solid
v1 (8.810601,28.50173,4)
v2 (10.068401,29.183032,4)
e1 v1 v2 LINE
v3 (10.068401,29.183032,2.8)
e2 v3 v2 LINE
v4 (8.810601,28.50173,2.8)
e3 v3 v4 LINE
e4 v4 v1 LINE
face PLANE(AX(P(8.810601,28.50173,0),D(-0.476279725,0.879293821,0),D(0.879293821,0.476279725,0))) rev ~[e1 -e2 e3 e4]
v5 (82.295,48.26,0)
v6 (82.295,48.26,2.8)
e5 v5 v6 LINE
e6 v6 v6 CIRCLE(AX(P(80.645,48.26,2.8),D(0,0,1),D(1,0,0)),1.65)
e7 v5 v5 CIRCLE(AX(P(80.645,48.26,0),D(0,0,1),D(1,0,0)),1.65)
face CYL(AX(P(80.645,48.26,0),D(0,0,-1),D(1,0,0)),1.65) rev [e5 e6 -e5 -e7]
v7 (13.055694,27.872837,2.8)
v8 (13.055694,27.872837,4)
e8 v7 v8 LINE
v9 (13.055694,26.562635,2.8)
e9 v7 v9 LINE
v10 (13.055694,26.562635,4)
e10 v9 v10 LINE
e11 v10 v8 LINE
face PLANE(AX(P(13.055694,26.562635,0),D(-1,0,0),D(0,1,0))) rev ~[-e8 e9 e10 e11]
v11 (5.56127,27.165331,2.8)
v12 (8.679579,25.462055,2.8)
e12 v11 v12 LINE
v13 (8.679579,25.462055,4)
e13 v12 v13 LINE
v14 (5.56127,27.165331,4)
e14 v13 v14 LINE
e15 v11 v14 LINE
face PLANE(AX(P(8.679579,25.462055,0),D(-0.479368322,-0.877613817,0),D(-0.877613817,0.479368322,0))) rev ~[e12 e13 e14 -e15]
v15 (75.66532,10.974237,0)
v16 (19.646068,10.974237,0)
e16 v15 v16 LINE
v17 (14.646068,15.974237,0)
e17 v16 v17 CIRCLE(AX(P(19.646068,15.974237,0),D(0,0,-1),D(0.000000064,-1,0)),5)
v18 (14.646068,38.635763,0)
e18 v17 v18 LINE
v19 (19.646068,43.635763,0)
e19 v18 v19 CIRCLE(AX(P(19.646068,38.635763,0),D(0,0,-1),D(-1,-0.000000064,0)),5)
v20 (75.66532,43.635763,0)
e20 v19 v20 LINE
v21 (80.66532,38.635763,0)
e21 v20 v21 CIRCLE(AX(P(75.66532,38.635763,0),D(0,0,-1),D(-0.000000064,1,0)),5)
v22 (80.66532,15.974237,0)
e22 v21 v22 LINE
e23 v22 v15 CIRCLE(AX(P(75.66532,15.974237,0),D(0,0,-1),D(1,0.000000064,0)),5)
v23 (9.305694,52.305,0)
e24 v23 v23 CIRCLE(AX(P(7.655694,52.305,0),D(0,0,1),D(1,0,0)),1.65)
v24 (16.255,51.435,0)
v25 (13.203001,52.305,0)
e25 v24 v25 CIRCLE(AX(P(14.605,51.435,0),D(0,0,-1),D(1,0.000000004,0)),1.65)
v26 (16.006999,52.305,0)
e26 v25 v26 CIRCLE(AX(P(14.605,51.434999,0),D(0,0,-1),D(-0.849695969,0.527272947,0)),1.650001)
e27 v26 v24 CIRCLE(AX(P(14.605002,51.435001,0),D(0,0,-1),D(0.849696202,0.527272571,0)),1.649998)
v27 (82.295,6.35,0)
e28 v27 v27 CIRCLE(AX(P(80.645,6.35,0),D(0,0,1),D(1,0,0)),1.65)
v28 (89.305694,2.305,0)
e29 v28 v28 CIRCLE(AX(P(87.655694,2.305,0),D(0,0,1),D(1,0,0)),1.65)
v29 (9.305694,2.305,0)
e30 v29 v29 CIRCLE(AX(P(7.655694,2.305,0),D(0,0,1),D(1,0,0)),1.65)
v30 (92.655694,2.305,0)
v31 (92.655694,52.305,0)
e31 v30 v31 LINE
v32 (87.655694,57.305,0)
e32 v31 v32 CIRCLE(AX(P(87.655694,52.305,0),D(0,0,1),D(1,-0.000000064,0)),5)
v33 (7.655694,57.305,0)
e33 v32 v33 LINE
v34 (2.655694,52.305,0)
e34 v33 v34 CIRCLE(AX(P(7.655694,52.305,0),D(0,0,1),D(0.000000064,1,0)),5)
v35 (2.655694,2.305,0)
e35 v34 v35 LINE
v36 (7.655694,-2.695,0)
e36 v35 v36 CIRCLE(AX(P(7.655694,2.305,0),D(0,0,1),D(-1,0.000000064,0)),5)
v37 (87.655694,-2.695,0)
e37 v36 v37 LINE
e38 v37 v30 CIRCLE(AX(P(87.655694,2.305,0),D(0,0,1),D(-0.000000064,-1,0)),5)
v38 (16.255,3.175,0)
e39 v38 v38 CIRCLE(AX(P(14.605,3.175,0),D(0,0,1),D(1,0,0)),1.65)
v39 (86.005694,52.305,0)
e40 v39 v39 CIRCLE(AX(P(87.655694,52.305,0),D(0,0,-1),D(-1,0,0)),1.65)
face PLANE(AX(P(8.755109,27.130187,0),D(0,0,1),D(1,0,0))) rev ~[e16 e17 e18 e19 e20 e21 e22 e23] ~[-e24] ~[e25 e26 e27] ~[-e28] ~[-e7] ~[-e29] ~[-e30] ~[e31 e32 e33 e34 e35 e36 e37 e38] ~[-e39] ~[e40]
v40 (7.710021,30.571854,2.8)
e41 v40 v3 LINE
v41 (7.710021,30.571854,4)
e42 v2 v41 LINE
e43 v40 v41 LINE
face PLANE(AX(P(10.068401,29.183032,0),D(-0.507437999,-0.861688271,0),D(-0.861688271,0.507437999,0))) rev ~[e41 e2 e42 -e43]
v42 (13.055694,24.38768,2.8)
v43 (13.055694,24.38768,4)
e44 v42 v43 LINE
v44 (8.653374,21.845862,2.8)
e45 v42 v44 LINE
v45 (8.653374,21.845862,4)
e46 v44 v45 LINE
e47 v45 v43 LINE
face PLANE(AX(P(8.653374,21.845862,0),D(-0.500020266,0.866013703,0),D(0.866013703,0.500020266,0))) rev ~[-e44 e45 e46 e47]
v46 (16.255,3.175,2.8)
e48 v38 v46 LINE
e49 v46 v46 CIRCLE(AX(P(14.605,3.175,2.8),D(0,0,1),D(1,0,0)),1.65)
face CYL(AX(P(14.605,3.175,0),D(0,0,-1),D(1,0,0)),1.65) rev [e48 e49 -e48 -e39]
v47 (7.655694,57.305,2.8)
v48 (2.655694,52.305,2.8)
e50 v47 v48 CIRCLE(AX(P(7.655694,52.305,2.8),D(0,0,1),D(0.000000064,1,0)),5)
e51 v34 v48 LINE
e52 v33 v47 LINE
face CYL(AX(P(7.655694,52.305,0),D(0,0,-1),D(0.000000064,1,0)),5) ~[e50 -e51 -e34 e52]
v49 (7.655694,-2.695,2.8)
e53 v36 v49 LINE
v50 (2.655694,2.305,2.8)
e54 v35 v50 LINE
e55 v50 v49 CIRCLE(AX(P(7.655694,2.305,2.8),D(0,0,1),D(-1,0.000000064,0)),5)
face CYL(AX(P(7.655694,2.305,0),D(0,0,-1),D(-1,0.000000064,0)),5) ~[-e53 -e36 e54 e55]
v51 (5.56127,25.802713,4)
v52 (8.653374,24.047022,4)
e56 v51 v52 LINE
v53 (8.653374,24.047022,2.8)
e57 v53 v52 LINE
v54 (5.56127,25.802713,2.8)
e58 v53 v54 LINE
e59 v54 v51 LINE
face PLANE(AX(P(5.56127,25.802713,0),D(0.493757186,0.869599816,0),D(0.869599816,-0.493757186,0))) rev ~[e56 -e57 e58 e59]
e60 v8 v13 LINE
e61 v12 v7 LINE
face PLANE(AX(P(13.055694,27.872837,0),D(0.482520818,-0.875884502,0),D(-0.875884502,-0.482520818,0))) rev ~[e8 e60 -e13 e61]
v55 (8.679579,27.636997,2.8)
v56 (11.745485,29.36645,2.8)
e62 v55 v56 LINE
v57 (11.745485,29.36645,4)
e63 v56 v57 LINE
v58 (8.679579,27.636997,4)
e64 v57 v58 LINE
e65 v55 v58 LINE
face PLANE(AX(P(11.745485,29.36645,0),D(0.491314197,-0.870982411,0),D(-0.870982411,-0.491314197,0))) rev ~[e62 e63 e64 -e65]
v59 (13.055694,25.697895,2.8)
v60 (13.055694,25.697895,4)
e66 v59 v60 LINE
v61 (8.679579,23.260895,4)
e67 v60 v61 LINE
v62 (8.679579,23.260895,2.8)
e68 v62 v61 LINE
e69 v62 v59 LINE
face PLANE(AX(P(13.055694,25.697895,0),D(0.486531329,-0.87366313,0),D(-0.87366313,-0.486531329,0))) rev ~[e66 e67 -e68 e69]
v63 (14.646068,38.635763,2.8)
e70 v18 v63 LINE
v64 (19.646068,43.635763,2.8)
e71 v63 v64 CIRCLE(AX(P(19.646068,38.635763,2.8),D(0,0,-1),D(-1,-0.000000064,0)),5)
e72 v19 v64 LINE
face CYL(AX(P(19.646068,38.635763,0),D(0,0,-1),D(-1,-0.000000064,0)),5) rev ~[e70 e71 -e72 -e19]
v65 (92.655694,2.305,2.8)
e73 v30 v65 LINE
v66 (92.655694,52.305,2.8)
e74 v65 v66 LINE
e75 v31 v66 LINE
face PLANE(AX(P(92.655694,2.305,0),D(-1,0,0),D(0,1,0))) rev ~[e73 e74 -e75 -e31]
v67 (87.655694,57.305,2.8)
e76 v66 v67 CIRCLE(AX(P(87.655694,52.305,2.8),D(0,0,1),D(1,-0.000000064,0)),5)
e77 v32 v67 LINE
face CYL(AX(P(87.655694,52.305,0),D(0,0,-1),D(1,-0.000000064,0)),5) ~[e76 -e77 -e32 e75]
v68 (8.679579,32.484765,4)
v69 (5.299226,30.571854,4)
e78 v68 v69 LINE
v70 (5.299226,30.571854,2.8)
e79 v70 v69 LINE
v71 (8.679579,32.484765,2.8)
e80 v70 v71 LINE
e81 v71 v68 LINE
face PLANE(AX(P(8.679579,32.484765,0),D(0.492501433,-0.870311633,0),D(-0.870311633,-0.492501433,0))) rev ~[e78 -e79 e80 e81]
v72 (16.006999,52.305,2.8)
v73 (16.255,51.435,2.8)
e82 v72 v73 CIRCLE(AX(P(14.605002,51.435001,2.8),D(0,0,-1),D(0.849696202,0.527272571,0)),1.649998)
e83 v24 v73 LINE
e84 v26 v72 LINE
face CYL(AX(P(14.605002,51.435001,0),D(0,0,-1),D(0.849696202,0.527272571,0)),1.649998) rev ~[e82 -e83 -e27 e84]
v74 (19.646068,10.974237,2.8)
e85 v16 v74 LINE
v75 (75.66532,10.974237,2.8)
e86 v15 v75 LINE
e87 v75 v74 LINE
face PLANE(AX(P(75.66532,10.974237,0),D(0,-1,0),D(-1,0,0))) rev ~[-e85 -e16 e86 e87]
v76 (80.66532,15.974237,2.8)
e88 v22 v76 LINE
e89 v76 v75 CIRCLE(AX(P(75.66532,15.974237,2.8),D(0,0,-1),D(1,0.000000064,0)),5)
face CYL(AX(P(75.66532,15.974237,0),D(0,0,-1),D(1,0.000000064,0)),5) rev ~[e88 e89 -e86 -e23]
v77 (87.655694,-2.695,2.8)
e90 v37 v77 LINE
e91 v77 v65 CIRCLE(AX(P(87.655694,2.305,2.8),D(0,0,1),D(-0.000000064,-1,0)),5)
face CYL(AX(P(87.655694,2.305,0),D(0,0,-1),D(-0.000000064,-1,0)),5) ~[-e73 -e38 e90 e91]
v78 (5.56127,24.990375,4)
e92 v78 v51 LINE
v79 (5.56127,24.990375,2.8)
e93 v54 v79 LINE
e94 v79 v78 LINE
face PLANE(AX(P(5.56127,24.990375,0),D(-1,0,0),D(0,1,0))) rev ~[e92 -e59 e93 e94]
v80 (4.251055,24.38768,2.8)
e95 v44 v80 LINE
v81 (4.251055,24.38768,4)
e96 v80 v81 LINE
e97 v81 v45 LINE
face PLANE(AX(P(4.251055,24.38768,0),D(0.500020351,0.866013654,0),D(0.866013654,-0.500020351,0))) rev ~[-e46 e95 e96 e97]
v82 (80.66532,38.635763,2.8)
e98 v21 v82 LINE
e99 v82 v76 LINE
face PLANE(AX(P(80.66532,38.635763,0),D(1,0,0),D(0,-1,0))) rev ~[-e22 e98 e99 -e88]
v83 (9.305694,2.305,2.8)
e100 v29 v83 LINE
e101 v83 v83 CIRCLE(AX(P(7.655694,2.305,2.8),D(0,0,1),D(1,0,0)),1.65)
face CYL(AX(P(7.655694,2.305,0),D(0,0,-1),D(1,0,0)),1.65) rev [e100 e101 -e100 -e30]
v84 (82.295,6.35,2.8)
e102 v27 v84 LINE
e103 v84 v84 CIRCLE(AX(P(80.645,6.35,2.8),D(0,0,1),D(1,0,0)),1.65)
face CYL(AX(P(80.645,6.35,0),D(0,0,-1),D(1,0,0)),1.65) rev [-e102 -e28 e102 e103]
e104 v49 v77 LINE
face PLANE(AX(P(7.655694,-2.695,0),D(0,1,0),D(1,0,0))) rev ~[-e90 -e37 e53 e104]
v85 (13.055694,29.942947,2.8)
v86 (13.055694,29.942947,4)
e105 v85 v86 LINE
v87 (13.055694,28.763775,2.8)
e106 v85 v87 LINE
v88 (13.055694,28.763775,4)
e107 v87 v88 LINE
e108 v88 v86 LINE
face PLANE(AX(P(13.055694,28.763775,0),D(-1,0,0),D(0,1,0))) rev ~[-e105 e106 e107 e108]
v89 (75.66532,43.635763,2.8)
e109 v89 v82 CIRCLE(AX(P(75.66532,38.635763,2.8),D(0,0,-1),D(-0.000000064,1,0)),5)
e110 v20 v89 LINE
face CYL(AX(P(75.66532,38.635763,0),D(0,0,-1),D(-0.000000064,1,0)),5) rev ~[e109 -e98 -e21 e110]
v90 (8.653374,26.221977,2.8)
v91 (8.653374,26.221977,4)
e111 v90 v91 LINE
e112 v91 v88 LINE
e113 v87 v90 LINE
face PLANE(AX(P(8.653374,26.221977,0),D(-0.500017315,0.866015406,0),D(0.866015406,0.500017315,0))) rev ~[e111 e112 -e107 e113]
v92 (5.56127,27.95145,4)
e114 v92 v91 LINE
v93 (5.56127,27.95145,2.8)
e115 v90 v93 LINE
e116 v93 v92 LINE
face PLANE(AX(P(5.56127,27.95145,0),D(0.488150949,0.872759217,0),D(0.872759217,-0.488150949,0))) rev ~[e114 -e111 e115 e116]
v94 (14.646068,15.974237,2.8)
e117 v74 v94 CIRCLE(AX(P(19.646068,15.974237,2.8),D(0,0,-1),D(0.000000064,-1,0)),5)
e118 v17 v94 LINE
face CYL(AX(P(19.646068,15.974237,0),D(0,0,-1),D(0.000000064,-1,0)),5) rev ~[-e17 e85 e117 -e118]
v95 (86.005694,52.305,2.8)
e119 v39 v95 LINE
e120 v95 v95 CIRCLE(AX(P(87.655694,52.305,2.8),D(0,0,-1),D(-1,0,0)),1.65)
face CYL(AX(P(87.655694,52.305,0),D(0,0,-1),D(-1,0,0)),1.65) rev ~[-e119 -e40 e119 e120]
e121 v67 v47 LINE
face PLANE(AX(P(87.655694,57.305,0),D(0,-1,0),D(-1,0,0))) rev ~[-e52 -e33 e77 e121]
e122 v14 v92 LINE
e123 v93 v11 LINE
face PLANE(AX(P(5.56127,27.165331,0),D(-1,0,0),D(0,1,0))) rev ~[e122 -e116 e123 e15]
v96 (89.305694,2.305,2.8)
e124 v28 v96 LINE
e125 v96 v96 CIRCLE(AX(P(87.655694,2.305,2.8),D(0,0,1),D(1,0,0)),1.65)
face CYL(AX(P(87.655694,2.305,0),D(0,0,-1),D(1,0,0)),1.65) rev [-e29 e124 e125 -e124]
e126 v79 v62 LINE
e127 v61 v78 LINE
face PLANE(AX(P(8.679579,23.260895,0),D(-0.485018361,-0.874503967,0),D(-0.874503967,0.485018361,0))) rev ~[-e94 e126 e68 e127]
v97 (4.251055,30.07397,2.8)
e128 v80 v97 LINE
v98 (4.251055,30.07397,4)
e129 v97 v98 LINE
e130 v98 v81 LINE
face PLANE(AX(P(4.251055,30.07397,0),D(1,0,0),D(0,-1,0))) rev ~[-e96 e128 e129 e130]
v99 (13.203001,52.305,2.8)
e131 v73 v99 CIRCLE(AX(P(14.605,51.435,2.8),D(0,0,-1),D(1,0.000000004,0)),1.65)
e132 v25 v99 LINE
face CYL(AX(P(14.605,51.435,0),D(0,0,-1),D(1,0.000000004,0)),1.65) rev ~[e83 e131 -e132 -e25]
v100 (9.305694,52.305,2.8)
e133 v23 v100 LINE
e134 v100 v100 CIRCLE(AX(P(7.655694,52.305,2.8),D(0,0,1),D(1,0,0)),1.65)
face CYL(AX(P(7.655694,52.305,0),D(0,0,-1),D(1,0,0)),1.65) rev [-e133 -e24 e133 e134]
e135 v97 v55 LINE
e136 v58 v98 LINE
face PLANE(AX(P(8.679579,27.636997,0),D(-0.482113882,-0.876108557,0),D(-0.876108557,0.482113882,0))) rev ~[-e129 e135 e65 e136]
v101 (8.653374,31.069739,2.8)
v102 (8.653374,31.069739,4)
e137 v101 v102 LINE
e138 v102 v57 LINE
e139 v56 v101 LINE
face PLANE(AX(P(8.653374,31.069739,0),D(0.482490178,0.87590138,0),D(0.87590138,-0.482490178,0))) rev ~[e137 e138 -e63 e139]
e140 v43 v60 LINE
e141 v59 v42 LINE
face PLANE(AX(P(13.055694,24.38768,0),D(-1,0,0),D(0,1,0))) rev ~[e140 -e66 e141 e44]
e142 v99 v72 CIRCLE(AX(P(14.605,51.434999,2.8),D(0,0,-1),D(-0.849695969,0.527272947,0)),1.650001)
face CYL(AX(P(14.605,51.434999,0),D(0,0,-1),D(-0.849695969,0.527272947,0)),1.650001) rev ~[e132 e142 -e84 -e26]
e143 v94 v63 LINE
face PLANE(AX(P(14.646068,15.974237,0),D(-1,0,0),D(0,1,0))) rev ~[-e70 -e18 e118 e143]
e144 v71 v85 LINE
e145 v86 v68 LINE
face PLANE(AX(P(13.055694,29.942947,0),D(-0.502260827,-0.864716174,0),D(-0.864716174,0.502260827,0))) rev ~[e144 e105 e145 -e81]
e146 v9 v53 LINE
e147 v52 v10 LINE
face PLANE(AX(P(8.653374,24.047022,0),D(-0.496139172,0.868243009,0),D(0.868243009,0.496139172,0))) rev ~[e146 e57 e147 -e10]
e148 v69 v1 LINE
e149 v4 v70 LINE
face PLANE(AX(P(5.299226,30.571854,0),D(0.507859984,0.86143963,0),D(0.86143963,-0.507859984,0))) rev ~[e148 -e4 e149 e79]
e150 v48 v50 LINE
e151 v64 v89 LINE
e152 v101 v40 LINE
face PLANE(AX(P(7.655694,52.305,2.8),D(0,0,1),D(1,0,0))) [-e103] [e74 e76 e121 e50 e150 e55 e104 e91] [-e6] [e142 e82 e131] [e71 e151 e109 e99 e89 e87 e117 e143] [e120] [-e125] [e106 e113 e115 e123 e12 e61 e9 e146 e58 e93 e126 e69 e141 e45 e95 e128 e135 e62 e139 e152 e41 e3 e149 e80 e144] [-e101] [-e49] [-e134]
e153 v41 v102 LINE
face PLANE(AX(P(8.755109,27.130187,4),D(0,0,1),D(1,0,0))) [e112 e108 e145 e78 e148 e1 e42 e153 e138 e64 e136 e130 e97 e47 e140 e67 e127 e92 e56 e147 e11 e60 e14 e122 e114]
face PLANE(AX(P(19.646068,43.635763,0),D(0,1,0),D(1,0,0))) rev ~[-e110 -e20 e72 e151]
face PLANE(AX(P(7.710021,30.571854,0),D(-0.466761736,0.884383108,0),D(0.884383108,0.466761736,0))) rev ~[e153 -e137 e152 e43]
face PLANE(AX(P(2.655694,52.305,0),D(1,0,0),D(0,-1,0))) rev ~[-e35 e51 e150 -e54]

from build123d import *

# Parameters (mm, degrees)
F0_R     = 1.65
F1_DEPTH = 2.8
F2_DEPTH = 4


with BuildPart() as f1:
    # F0 (on Top) → F1 (new body)
    with BuildSketch(Plane.XY):
        with Locations((7.655694, 52.305)):
            Circle(F0_R)
        with BuildLine():
            ThreePointArc((89.305694, 52.305), (87.655694, 53.955), (86.005694, 52.305))
            ThreePointArc((86.005694, 52.305), (87.655694, 50.655), (89.305694, 52.305))
        make_face()
        with BuildLine():
            ThreePointArc((92.655694, 52.305), (91.191228, 55.840534), (87.655694, 57.305))
            Line((87.655694, 57.305), (7.655694, 57.305))
            ThreePointArc((7.655694, 57.305), (4.12016, 55.840534), (2.655694, 52.305))
            Line((2.655694, 52.305), (2.655694, 2.305))
            ThreePointArc((2.655694, 2.305), (4.12016, -1.230534), (7.655694, -2.695))
            Line((7.655694, -2.695), (87.655694, -2.695))
            ThreePointArc((87.655694, -2.695), (91.191228, -1.230534), (92.655694, 2.305))
            Line((92.655694, 2.305), (92.655694, 52.305))
        make_face()
        with Locations((7.655694, 2.305)):
            Circle(F0_R, mode=Mode.SUBTRACT)
        with Locations((14.605, 3.175)):
            Circle(F0_R, mode=Mode.SUBTRACT)
        Polygon((8.679579, 23.260895), (13.055694, 25.697895), (13.055694, 24.38768), (8.653374, 21.845862), (4.251055, 24.38768), (4.251055, 30.07397), (8.679579, 27.636997), (11.745485, 29.36645), (8.653374, 31.069739), (7.710021, 30.571854), (10.068401, 29.183032), (8.810601, 28.50173), (5.299226, 30.571854), (8.679579, 32.484765), (13.055694, 29.942947), (13.055694, 28.763775), (8.653374, 26.221977), (5.56127, 27.95145), (5.56127, 27.165331), (8.679579, 25.462055), (13.055694, 27.872837), (13.055694, 26.562635), (8.653374, 24.047022), (5.56127, 25.802713), (5.56127, 24.990375), align=None, mode=Mode.SUBTRACT)
        with Locations((87.655694, 2.305)):
            Circle(F0_R, mode=Mode.SUBTRACT)
        with Locations((80.645, 6.35)):
            Circle(F0_R, mode=Mode.SUBTRACT)
        with BuildLine():
            Line((19.646068, 43.635763), (75.66532, 43.635763))
            ThreePointArc((75.66532, 43.635763), (79.200854, 42.171297), (80.66532, 38.635763))
            Line((80.66532, 38.635763), (80.66532, 15.974237))
            ThreePointArc((80.66532, 15.974237), (79.200854, 12.438703), (75.66532, 10.974237))
            Line((75.66532, 10.974237), (19.646068, 10.974237))
            ThreePointArc((19.646068, 10.974237), (16.110534, 12.438703), (14.646068, 15.974237))
            Line((14.646068, 15.974237), (14.646068, 38.635763))
            ThreePointArc((14.646068, 38.635763), (16.110534, 42.171297), (19.646068, 43.635763))
        make_face(mode=Mode.SUBTRACT)
        with Locations((7.655694, 52.305)):
            Circle(F0_R, mode=Mode.SUBTRACT)
        with BuildLine():
            ThreePointArc((16.006999, 52.305), (16.191789, 51.887329), (16.255, 51.435))
            ThreePointArc((16.255, 51.435), (14.152671, 49.848211), (13.203001, 52.305))
            ThreePointArc((13.203001, 52.305), (14.605, 53.085), (16.006999, 52.305))
        make_face(mode=Mode.SUBTRACT)
        with Locations((80.645, 48.26)):
            Circle(F0_R, mode=Mode.SUBTRACT)
        with BuildLine():
            ThreePointArc((89.305694, 52.305), (87.655694, 50.655), (86.005694, 52.305))
            ThreePointArc((86.005694, 52.305), (87.655694, 53.955), (89.305694, 52.305))
        make_face(mode=Mode.SUBTRACT)
        Polygon((13.055694, 24.38768), (13.055694, 25.697895), (8.679579, 23.260895), (5.56127, 24.990375), (5.56127, 25.802713), (8.653374, 24.047022), (13.055694, 26.562635), (13.055694, 27.872837), (8.679579, 25.462055), (5.56127, 27.165331), (5.56127, 27.95145), (8.653374, 26.221977), (13.055694, 28.763775), (13.055694, 29.942947), (8.679579, 32.484765), (5.299226, 30.571854), (8.810601, 28.50173), (10.068401, 29.183032), (7.710021, 30.571854), (8.653374, 31.069739), (11.745485, 29.36645), (8.679579, 27.636997), (4.251055, 30.07397), (4.251055, 24.38768), (8.653374, 21.845862), align=None)
    extrude(amount=F1_DEPTH)

    # F0 (on Top) → F2 (join)
    with BuildSketch(Plane.XY):
        Polygon((13.055694, 24.38768), (13.055694, 25.697895), (8.679579, 23.260895), (5.56127, 24.990375), (5.56127, 25.802713), (8.653374, 24.047022), (13.055694, 26.562635), (13.055694, 27.872837), (8.679579, 25.462055), (5.56127, 27.165331), (5.56127, 27.95145), (8.653374, 26.221977), (13.055694, 28.763775), (13.055694, 29.942947), (8.679579, 32.484765), (5.299226, 30.571854), (8.810601, 28.50173), (10.068401, 29.183032), (7.710021, 30.571854), (8.653374, 31.069739), (11.745485, 29.36645), (8.679579, 27.636997), (4.251055, 30.07397), (4.251055, 24.38768), (8.653374, 21.845862), align=None)
    extrude(amount=F2_DEPTH)


solid = f1.part
